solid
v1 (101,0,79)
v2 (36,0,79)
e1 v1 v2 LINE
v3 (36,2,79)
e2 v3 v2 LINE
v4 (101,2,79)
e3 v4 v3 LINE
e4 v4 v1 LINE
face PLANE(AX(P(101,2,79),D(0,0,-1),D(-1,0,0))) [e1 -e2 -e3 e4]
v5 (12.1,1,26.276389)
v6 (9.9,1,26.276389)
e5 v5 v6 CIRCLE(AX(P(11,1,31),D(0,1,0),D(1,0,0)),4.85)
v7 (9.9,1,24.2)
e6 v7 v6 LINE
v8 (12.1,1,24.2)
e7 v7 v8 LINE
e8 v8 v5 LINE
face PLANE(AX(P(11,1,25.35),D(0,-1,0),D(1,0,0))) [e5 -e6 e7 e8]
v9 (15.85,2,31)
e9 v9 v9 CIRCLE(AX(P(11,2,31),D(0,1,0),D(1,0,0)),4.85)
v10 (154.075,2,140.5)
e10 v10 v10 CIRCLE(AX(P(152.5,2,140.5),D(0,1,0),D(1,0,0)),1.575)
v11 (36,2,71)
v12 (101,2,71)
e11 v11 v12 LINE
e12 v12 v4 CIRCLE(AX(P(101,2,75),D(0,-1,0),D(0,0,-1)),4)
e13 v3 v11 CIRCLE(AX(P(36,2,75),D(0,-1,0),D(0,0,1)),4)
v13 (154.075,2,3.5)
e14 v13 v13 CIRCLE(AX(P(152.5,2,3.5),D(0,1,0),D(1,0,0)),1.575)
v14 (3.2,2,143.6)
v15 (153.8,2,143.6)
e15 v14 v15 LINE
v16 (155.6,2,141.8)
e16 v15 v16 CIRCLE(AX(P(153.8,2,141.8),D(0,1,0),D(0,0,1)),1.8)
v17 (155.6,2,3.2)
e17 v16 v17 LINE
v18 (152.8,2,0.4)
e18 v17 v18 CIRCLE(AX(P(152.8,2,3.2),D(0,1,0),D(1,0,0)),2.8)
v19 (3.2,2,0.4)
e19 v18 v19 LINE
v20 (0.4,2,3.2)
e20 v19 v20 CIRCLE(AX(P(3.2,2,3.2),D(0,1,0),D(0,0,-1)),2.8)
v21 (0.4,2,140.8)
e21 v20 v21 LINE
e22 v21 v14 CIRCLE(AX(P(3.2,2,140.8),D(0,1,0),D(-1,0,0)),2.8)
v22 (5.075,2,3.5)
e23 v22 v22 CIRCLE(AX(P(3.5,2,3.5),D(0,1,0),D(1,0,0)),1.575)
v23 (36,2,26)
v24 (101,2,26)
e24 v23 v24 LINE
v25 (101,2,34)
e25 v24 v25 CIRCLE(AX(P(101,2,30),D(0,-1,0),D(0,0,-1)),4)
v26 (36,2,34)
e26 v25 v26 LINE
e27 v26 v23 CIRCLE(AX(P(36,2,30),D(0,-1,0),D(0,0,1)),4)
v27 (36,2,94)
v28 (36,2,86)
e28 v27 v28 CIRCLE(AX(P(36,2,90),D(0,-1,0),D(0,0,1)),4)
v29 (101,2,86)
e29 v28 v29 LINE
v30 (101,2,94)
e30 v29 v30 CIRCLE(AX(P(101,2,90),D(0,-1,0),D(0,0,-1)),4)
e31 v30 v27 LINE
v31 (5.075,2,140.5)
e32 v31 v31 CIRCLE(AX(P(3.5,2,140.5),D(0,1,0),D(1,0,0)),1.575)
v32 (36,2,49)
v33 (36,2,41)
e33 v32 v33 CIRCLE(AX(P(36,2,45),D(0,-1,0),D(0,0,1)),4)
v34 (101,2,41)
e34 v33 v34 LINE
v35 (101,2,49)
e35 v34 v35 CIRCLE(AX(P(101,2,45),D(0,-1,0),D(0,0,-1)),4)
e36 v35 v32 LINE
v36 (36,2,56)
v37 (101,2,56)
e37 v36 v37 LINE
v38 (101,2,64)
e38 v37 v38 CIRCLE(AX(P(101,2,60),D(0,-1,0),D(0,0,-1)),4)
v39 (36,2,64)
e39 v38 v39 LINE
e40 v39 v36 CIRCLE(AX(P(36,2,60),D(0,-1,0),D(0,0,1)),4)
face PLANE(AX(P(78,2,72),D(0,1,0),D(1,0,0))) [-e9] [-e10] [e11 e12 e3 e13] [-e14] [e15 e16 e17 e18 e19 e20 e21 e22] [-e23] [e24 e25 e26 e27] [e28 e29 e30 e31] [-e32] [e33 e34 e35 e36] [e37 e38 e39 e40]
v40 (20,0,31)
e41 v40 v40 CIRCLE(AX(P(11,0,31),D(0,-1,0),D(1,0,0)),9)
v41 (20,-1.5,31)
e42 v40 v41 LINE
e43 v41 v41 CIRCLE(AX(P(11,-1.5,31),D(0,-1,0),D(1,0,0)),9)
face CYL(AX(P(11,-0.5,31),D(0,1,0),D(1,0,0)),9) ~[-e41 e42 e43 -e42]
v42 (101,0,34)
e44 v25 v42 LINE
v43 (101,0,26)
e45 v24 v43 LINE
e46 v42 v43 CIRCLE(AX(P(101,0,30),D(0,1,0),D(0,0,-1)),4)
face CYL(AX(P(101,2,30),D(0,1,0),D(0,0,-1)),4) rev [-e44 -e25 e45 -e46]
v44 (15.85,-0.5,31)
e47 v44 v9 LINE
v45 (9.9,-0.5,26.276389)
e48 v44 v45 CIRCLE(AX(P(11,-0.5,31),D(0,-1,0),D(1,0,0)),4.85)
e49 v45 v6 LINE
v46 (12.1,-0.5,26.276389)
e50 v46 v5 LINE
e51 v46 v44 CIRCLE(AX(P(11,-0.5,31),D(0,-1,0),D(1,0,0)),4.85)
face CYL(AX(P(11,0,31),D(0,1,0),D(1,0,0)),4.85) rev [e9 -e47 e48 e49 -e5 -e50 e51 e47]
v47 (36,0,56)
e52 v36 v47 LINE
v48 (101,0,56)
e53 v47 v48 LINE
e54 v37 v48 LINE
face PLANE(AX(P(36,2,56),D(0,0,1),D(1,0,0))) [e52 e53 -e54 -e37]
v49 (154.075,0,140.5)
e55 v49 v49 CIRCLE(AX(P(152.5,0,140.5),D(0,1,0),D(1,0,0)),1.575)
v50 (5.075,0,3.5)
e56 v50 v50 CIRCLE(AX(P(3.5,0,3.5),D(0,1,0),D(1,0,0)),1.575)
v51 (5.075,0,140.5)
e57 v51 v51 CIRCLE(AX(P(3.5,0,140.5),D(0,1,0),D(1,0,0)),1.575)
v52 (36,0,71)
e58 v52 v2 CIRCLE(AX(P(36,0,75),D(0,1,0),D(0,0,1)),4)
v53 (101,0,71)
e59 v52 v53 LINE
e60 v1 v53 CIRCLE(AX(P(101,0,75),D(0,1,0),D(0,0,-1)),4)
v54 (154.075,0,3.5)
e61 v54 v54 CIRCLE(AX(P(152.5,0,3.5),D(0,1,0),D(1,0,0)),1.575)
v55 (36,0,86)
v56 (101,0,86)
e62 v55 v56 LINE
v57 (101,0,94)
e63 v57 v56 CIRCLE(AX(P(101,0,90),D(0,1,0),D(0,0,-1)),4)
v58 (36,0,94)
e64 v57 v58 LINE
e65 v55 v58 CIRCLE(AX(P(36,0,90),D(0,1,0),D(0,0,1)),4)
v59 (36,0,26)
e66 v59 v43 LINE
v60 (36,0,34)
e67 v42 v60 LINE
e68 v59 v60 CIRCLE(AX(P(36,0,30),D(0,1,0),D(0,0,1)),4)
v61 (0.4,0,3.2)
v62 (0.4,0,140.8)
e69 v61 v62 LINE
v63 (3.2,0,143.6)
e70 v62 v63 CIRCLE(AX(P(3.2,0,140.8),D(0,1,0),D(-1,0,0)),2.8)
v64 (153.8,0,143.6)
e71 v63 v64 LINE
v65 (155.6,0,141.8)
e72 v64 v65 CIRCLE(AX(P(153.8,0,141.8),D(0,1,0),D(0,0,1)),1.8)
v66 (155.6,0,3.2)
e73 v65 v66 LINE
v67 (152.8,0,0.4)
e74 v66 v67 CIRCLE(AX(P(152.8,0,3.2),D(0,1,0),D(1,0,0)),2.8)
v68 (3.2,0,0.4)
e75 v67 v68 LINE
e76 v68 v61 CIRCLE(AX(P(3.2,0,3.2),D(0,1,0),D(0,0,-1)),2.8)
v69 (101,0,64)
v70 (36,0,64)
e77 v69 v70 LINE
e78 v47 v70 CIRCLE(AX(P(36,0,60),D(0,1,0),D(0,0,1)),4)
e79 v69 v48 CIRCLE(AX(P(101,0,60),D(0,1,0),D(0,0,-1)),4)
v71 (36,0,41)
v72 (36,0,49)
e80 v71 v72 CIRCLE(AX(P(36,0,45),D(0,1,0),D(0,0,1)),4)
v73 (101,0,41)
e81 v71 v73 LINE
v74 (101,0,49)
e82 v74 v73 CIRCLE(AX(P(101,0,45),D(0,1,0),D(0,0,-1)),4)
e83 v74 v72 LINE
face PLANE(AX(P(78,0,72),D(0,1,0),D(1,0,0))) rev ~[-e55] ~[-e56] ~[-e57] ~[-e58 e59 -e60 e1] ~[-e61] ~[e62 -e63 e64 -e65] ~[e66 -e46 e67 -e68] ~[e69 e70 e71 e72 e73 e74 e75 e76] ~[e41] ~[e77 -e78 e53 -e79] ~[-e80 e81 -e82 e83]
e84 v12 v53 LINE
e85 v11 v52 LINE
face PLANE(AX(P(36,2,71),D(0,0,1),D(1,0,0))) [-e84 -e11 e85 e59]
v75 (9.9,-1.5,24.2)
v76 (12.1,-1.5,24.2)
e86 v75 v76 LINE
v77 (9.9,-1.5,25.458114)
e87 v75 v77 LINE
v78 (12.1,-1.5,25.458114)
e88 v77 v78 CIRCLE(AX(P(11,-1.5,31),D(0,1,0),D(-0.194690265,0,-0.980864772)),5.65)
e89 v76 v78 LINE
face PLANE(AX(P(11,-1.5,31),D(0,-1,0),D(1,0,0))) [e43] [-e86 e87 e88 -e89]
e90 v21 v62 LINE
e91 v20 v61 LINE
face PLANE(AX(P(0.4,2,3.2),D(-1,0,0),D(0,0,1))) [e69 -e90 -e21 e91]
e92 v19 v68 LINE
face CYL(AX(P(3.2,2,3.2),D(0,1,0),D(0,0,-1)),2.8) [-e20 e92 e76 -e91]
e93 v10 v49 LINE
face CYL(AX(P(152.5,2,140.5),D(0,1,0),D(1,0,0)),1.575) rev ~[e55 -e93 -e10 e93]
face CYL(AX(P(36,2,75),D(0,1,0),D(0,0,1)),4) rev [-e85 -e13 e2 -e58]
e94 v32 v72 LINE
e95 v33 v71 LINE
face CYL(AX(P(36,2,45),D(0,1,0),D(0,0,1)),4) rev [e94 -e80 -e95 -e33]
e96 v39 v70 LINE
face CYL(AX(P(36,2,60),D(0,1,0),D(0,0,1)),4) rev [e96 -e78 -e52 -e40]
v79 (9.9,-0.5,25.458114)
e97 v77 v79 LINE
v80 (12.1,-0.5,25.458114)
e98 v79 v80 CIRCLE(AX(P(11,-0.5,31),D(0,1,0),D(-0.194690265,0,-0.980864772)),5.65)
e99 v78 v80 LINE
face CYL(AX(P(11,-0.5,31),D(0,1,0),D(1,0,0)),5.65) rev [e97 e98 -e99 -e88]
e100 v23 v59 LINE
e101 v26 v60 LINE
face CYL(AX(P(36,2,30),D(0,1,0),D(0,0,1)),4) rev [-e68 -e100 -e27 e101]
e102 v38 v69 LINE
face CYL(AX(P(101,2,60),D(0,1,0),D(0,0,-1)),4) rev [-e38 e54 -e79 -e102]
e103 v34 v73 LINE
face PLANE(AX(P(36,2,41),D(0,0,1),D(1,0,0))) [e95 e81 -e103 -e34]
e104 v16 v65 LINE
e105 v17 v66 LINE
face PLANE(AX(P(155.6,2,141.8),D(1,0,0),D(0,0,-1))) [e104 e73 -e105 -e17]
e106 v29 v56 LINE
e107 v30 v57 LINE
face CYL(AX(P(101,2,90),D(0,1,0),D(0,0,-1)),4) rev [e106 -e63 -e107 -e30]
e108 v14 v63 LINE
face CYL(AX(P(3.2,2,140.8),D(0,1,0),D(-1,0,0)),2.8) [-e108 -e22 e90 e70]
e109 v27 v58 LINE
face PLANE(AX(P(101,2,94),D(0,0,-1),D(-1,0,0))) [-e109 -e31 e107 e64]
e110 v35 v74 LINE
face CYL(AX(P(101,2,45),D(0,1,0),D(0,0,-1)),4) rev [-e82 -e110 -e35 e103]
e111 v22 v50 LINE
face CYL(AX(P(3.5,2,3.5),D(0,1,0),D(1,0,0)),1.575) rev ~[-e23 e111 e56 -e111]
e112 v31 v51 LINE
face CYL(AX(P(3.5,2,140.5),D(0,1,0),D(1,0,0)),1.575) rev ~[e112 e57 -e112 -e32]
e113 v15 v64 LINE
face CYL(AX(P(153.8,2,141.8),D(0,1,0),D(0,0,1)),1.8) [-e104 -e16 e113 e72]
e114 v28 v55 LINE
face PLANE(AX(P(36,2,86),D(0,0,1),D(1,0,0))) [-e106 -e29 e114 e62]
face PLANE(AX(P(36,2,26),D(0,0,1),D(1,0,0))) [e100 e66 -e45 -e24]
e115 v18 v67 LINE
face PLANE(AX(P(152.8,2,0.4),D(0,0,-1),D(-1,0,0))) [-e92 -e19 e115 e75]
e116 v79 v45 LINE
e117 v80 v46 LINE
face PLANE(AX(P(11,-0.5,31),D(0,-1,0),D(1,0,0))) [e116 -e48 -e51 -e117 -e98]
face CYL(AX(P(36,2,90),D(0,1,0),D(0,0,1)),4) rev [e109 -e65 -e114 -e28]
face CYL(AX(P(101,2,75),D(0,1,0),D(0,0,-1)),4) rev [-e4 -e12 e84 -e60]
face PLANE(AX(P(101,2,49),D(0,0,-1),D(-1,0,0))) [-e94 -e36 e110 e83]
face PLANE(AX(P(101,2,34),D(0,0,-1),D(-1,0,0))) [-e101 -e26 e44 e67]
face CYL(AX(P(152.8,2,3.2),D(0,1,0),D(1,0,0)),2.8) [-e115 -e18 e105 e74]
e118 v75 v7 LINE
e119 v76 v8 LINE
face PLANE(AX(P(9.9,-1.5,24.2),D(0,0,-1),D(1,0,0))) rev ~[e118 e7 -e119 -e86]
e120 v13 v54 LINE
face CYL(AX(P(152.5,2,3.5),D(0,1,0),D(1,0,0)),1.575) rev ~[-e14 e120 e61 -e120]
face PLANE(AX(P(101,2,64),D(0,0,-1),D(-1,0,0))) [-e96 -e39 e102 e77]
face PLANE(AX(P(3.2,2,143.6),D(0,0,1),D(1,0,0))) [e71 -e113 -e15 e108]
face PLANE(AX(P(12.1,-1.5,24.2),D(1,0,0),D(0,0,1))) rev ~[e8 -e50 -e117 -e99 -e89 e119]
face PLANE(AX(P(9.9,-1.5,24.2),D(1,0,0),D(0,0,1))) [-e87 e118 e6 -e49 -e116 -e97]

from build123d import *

# Parameters (mm, degrees)
SKETCH1_W           = 156
SKETCH1_H           = 144
BOSS_EXTRUDE1_DEPTH = 2
SKETCH2_R           = 1.575
CUT_EXTRUDE1_DEPTH  = 5
SKETCH3_R           = 4.85
CUT_EXTRUDE2_DEPTH  = 50
SKETCH4_W           = 156
SKETCH4_H           = 144
SKETCH4_W_2         = 155.6
SKETCH4_H_2         = 143.6
CUT_EXTRUDE3_DEPTH  = 50
FILLET1_R           = 3
FILLET2_R           = 2
SKETCH5_R           = 9
SKETCH5_R_2         = 4.85
BOSS_EXTRUDE2_DEPTH = 0.5
SKETCH6_R           = 9
SKETCH6_R_2         = 5.65
BOSS_EXTRUDE3_DEPTH = 1
SKETCH7_W           = 2.2
SKETCH7_H           = 2.3
CUT_EXTRUDE4_DEPTH  = 2.5
CUT_EXTRUDE5_DEPTH  = 10


with BuildPart() as part:
    # Sketch1 → Boss-Extrude1 (new body)
    with BuildSketch(Plane(origin=(0, 0, 0), x_dir=(1, 0, 0), z_dir=(0, 1, 0))):
        with Locations((78, -72)):
            Rectangle(SKETCH1_W, SKETCH1_H)
    extrude(amount=BOSS_EXTRUDE1_DEPTH)

    # Sketch2 → Cut-Extrude1 (cut)
    with BuildSketch(Plane(origin=(0, 2, 0), x_dir=(1, 0, 0), z_dir=(0, 1, 0))):
        with Locations((3.5, -3.5)):
            Circle(SKETCH2_R)
        with Locations((152.5, -3.5)):
            Circle(SKETCH2_R)
        with Locations((152.5, -140.5)):
            Circle(SKETCH2_R)
        with Locations((3.5, -140.5)):
            Circle(SKETCH2_R)
    extrude(amount=-CUT_EXTRUDE1_DEPTH, mode=Mode.SUBTRACT)

    # Sketch3 → Cut-Extrude2 (cut)
    with BuildSketch(Plane(origin=(0, 2, 0), x_dir=(1, 0, 0), z_dir=(0, 1, 0))):
        with Locations((11, -31)):
            Circle(SKETCH3_R)
        with BuildLine():
            Line((36, -26), (101, -26))
            ThreePointArc((101, -26), (105, -30), (101, -34))
            Line((101, -34), (36, -34))
            ThreePointArc((36, -34), (32, -30), (36, -26))
        make_face()
        with BuildLine():
            Line((36, -41), (101, -41))
            ThreePointArc((101, -41), (105, -45), (101, -49))
            Line((101, -49), (36, -49))
            ThreePointArc((36, -49), (32, -45), (36, -41))
        make_face()
        with BuildLine():
            Line((36, -56), (101, -56))
            ThreePointArc((101, -56), (105, -60), (101, -64))
            Line((101, -64), (36, -64))
            ThreePointArc((36, -64), (32, -60), (36, -56))
        make_face()
        with BuildLine():
            Line((36, -71), (101, -71))
            ThreePointArc((101, -71), (105, -75), (101, -79))
            Line((101, -79), (36, -79))
            ThreePointArc((36, -79), (32, -75), (36, -71))
        make_face()
        with BuildLine():
            Line((36, -86), (101, -86))
            ThreePointArc((101, -86), (105, -90), (101, -94))
            Line((101, -94), (36, -94))
            ThreePointArc((36, -94), (32, -90), (36, -86))
        make_face()
    extrude(amount=-CUT_EXTRUDE2_DEPTH, mode=Mode.SUBTRACT)

    # Sketch4 → Cut-Extrude3 (cut)
    with BuildSketch(Plane(origin=(0, 2, 0), x_dir=(1, 0, 0), z_dir=(0, 1, 0))):
        with Locations((78, -72)):
            Rectangle(SKETCH4_W, SKETCH4_H)
        with Locations((78, -72)):
            Rectangle(SKETCH4_W_2, SKETCH4_H_2, mode=Mode.SUBTRACT)
    extrude(amount=-CUT_EXTRUDE3_DEPTH, mode=Mode.SUBTRACT)

    # Fillet1
    fillet1_edges = [part.edges().sort_by_distance(p)[0] for p in [
        (0.2, 1, 0.2),
        (155.8, 1, 0.2),
        (0.2, 1, 143.8),
    ]]
    fillet(fillet1_edges, radius=FILLET1_R)

    # Fillet2
    fillet2_edges = [part.edges().sort_by_distance(p)[0] for p in [
        (155.8, 1, 143.8),
    ]]
    fillet(fillet2_edges, radius=FILLET2_R)

    # Sketch5 → Boss-Extrude2 (add)
    with BuildSketch(Plane.XZ):
        with Locations((11, 31)):
            Circle(SKETCH5_R)
        with Locations((11, 31)):
            Circle(SKETCH5_R_2, mode=Mode.SUBTRACT)
    extrude(amount=BOSS_EXTRUDE2_DEPTH)

    # Sketch6 → Boss-Extrude3 (add)
    with BuildSketch(Plane.XZ.offset(0.5)):
        with Locations((11, 31)):
            Circle(SKETCH6_R)
        with Locations((11, 31)):
            Circle(SKETCH6_R_2, mode=Mode.SUBTRACT)
    extrude(amount=BOSS_EXTRUDE3_DEPTH)

    # Sketch7 → Cut-Extrude4 (cut)
    with BuildSketch(Plane.XZ.offset(1.5)):
        with Locations((11, 25.35)):
            Rectangle(SKETCH7_W, SKETCH7_H)
    extrude(amount=-CUT_EXTRUDE4_DEPTH, mode=Mode.SUBTRACT)

    # Sketch8 → Cut-Extrude5 (cut)
    with BuildSketch(Plane(origin=(0, 2, 0), x_dir=(1, 0, 0), z_dir=(0, 1, 0))):
        with BuildLine():
            Line((3.2, -143.8), (153.8, -143.8))
            ThreePointArc((153.8, -143.8), (155.214213562, -143.214213562), (155.8, -141.8))
            Line((155.8, -141.8), (155.8, -3.2))
            ThreePointArc((155.8, -3.2), (154.921320344, -1.078679656), (152.8, -0.2))
            Line((152.8, -0.2), (3.2, -0.2))
            ThreePointArc((3.2, -0.2), (1.078679656, -1.078679656), (0.2, -3.2))
            Line((0.2, -3.2), (0.2, -140.8))
            ThreePointArc((0.2, -140.8), (1.078679656, -142.921320344), (3.2, -143.8))
        make_face()
        with BuildLine():
            Line((3.2, -143.6), (153.8, -143.6))
            ThreePointArc((153.8, -143.6), (155.072792206, -143.072792206), (155.6, -141.8))
            Line((155.6, -141.8), (155.6, -3.2))
            ThreePointArc((155.6, -3.2), (154.779898987, -1.220101013), (152.8, -0.4))
            Line((152.8, -0.4), (3.2, -0.4))
            ThreePointArc((3.2, -0.4), (1.220101013, -1.220101013), (0.4, -3.2))
            Line((0.4, -3.2), (0.4, -140.8))
            ThreePointArc((0.4, -140.8), (1.220101013, -142.779898987), (3.2, -143.6))
        make_face(mode=Mode.SUBTRACT)
    extrude(amount=-CUT_EXTRUDE5_DEPTH, mode=Mode.SUBTRACT)


solid = part.part
